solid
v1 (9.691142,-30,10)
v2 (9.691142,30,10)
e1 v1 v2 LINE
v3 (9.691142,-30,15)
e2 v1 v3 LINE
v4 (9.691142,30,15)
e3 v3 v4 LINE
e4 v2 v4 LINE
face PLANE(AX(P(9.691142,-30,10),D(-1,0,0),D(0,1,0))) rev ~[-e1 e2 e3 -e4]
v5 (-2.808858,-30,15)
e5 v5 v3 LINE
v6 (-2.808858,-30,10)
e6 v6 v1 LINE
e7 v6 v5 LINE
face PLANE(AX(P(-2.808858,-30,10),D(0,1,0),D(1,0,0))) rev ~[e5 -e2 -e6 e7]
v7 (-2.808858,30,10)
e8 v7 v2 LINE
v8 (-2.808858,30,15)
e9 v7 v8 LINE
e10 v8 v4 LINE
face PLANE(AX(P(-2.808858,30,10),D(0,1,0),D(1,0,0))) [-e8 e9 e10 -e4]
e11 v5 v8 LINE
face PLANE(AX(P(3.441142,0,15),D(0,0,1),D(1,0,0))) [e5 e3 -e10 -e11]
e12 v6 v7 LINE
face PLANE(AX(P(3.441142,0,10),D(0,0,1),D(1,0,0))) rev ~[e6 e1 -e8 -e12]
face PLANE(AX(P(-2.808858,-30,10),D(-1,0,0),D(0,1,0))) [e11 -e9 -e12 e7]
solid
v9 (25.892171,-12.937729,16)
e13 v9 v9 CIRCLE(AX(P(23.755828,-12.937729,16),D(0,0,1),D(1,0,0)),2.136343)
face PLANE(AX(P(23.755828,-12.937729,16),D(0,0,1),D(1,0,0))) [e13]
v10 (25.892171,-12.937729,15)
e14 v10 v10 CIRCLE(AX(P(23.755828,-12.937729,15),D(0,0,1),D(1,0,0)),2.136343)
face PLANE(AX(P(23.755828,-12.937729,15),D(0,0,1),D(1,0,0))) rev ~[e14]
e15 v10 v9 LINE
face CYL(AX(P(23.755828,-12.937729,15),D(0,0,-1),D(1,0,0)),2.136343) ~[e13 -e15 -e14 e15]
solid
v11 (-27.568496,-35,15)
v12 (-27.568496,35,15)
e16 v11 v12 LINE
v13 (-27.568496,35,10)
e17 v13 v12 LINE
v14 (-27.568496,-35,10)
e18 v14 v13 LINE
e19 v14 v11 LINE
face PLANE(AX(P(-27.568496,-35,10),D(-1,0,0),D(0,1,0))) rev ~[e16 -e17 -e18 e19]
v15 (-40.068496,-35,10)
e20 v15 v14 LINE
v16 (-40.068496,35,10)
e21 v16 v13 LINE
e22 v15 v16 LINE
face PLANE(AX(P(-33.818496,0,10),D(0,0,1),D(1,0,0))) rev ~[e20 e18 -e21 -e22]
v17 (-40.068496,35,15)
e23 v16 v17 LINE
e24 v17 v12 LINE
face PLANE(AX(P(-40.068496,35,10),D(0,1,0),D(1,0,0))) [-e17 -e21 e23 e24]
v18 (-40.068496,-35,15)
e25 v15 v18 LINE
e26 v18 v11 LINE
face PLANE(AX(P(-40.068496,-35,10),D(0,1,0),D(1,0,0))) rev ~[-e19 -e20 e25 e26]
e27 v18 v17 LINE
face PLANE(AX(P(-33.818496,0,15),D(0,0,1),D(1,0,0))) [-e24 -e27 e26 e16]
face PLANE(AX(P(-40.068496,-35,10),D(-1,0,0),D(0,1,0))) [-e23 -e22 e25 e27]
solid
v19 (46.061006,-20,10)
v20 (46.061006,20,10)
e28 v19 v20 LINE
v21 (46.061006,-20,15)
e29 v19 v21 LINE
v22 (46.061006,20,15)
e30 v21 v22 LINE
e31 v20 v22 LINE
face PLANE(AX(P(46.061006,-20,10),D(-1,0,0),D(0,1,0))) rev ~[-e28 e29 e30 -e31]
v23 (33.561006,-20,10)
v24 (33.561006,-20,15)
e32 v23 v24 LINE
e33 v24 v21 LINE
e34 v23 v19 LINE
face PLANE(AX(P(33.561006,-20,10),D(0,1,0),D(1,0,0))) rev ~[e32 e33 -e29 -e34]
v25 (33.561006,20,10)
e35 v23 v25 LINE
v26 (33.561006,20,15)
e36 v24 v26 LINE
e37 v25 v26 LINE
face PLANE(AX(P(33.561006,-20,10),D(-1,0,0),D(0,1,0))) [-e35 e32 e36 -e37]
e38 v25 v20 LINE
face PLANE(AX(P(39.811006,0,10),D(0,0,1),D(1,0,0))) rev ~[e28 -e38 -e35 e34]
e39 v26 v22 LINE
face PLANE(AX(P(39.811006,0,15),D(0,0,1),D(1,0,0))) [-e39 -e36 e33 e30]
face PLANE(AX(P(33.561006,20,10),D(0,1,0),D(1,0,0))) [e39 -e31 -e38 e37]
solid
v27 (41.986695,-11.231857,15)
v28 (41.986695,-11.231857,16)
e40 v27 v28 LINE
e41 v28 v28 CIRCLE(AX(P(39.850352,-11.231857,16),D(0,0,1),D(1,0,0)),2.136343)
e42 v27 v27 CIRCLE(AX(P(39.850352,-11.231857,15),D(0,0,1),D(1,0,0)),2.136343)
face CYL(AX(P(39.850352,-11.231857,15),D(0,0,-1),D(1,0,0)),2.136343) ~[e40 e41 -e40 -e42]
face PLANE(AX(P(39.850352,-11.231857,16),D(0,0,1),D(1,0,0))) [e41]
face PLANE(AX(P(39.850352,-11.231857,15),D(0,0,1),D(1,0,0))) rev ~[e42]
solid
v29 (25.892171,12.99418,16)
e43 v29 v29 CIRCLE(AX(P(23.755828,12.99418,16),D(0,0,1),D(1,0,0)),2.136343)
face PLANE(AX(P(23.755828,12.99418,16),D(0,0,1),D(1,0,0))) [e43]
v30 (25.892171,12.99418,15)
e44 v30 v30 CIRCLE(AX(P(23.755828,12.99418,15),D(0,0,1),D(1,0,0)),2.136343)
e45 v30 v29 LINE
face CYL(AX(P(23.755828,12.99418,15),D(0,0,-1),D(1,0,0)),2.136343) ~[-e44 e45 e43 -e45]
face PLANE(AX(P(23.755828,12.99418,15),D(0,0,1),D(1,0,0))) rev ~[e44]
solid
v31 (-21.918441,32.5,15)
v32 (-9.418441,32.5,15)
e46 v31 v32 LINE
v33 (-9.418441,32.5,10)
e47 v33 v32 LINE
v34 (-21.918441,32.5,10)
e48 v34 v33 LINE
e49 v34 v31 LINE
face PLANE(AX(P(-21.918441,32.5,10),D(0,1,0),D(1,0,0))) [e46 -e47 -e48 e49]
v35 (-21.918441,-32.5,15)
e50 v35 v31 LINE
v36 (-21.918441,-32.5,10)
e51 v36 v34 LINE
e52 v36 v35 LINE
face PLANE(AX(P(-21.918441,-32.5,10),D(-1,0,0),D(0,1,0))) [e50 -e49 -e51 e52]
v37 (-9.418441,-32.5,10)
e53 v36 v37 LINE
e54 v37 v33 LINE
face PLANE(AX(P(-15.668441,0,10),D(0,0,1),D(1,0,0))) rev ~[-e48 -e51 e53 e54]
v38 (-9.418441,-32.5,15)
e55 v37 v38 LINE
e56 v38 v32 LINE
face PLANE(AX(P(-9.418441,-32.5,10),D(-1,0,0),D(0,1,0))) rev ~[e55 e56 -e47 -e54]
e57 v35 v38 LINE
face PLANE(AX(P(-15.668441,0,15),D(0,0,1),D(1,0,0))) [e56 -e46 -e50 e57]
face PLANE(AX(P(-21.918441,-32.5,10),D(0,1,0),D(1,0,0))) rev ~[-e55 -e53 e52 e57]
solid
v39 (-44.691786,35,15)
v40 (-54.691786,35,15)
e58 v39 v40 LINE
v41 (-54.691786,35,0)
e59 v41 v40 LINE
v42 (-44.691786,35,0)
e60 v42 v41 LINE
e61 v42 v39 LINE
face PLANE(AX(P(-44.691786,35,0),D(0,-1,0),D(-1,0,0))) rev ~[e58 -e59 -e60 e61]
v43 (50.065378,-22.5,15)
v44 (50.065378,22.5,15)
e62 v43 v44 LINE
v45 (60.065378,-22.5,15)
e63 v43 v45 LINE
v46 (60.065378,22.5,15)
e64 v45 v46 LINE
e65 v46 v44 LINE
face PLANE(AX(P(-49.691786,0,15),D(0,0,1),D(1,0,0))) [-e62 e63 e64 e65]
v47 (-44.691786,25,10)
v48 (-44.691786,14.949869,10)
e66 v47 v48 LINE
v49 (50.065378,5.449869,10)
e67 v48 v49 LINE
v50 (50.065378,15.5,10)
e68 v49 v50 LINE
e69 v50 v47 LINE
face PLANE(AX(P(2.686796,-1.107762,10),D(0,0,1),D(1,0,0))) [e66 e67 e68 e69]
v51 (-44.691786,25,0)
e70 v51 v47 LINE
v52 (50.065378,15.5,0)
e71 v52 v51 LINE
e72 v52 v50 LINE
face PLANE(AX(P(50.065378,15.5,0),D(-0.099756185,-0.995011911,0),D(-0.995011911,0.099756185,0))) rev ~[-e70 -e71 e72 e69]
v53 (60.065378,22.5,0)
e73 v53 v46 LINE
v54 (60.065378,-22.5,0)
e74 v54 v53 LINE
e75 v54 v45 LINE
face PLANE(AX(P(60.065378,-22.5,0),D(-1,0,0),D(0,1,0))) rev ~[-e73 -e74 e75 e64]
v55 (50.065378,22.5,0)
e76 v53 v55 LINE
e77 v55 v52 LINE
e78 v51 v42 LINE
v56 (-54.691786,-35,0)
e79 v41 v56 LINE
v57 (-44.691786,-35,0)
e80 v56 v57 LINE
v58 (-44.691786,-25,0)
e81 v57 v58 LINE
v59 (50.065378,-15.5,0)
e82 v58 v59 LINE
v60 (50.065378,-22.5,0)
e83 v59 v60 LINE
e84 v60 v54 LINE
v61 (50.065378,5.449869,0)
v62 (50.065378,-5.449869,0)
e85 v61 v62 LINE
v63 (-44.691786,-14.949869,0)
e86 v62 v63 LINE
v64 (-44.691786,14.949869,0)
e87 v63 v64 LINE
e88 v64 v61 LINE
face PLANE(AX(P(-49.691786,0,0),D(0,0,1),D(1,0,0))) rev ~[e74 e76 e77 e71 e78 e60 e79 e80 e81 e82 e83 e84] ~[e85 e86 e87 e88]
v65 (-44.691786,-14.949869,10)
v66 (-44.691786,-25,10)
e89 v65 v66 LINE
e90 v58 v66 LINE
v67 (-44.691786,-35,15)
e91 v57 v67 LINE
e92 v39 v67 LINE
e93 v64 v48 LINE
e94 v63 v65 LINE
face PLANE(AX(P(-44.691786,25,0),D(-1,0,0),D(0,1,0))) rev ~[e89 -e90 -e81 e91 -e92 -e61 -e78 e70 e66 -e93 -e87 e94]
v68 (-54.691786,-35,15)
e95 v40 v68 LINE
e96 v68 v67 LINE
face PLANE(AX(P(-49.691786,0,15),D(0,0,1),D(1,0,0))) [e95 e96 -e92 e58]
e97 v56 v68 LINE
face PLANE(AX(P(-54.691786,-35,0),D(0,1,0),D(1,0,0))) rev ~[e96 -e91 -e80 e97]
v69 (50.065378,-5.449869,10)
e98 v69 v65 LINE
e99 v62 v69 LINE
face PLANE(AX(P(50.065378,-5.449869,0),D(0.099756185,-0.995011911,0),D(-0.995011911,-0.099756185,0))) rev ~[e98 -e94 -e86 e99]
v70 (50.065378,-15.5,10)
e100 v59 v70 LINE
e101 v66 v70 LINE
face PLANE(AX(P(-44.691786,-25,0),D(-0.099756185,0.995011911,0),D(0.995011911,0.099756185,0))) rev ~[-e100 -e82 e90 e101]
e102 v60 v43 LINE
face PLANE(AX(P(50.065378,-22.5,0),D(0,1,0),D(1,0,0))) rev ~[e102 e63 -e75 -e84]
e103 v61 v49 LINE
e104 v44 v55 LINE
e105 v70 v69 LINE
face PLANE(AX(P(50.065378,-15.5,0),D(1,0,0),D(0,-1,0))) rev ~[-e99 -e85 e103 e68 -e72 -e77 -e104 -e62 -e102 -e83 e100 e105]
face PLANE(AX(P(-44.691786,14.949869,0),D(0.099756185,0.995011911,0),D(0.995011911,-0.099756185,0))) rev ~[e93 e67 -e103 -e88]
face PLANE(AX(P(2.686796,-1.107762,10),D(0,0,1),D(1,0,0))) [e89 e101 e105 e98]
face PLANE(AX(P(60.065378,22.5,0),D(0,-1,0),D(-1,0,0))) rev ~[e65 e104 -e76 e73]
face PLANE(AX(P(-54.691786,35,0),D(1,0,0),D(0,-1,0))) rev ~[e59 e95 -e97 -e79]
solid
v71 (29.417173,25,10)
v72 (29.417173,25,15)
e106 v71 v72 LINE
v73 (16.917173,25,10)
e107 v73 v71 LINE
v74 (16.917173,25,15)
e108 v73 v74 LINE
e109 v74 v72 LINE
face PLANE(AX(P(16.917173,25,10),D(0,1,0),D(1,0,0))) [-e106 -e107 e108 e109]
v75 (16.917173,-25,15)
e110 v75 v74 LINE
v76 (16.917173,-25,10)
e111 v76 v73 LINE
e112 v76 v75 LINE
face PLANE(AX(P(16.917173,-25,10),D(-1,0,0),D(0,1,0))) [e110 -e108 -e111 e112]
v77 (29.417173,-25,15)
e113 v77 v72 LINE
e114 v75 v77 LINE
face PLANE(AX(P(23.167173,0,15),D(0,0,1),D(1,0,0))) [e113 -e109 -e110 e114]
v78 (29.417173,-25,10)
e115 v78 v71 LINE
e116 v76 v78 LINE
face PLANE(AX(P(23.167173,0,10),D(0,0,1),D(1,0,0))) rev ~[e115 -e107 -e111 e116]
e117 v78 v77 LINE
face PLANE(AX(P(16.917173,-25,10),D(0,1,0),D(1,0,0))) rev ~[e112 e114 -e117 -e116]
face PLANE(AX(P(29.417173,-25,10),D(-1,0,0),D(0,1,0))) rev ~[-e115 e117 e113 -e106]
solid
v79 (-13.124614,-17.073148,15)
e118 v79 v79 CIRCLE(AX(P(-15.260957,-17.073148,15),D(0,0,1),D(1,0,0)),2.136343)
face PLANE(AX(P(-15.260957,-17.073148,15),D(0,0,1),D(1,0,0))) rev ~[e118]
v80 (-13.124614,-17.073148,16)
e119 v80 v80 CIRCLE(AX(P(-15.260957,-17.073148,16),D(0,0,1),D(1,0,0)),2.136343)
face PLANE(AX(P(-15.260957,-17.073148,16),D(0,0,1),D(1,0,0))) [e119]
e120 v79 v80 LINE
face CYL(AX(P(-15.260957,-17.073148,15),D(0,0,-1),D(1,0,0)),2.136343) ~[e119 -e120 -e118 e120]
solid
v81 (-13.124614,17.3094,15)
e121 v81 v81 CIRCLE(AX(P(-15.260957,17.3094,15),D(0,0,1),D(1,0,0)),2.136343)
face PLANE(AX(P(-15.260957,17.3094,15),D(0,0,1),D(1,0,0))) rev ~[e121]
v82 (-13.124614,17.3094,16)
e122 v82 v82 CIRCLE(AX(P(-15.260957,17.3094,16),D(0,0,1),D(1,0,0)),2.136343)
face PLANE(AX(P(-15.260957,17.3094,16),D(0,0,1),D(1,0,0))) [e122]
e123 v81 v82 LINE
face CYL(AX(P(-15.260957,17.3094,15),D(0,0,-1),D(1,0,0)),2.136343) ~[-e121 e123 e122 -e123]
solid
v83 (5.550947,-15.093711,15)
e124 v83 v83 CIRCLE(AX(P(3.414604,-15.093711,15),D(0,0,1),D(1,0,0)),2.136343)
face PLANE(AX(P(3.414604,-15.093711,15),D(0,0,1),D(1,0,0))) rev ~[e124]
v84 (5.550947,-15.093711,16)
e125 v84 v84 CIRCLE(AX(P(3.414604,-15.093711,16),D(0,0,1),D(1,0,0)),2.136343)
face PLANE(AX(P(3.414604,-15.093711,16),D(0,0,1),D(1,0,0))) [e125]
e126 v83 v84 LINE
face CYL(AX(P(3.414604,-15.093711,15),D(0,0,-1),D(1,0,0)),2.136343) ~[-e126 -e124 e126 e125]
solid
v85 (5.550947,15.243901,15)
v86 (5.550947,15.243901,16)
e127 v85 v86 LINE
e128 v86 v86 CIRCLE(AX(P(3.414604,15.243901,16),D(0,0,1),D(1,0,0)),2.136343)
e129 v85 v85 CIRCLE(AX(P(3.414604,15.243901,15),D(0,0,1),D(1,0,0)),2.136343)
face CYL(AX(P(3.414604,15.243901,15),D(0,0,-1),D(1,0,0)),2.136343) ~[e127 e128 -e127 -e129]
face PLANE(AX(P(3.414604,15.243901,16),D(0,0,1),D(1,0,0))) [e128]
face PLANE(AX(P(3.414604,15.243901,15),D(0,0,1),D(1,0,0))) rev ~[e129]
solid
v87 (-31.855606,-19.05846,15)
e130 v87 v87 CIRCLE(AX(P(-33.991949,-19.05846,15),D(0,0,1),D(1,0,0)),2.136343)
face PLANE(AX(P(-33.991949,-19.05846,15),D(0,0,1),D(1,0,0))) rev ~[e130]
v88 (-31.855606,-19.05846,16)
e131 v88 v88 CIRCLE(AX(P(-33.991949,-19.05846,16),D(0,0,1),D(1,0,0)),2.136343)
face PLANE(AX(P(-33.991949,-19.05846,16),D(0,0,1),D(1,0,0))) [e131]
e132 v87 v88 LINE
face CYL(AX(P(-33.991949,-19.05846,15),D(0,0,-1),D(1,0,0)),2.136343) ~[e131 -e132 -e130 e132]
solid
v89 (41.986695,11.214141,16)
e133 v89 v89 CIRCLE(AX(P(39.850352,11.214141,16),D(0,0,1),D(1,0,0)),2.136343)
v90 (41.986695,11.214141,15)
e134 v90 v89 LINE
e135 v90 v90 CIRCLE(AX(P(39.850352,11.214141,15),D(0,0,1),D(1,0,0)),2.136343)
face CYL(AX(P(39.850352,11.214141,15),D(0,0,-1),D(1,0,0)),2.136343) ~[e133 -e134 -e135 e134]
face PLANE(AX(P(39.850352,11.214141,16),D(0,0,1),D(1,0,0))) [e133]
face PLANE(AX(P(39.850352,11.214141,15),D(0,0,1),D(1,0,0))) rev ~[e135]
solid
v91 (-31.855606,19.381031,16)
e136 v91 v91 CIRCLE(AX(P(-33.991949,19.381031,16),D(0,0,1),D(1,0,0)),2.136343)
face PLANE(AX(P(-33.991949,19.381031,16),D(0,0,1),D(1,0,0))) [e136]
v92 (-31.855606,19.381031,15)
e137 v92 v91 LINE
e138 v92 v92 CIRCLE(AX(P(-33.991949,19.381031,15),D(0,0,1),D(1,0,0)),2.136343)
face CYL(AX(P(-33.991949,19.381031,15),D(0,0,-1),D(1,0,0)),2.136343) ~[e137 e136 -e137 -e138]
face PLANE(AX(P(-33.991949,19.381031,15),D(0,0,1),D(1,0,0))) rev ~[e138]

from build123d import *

# Parameters (mm, degrees)
F1_DEPTH = 15
F2_W     = 94.757164
F2_H     = 62.215524
F3_DEPTH = 5
F4_W     = 12.5
F4_H     = 70
F4_H_2   = 65
F4_H_3   = 50
F4_H_4   = 40
F4_H_5   = 60
F5_DEPTH = 5
F6_R     = 2.136343
F7_DEPTH = 1


with BuildPart() as f1:
    # F0 (on Top) → F1 (new body)
    with BuildSketch(Plane.XY):
        Polygon((-44.691786, 35), (-54.691786, 35), (-54.691786, -35), (-44.691786, -35), (-44.691786, -25), (-44.691786, -14.949869), (-44.691786, 14.949869), (-44.691786, 25), align=None)
        Polygon((50.065378, 15.5), (-44.691786, 25), (-44.691786, 14.949869), (50.065378, 5.449869), align=None)
        Polygon((50.065378, 22.5), (50.065378, 15.5), (50.065378, 5.449869), (50.065378, -5.449869), (50.065378, -15.5), (50.065378, -22.5), (60.065378, -22.5), (60.065378, 22.5), align=None)
        Polygon((-44.691786, -14.949869), (-44.691786, -25), (50.065378, -15.5), (50.065378, -5.449869), align=None)
    extrude(amount=F1_DEPTH)

    # F2 (on face) → F3 (cut)
    with BuildSketch(Plane.XY.offset(15)):
        with Locations((2.686796, -1.107762)):
            Rectangle(F2_W, F2_H)
        Polygon((50.065378, 30), (-44.691786, 30), (-44.691786, 25), (50.065378, 15.5), align=None)
        Polygon((50.065378, 15.5), (-44.691786, 25), (-44.691786, 14.949869), (50.065378, 5.449869), align=None)
        Polygon((50.065378, -5.449869), (-44.691786, -14.949869), (-44.691786, -32.215524), (50.065378, -32.215524), align=None)
    extrude(amount=-F3_DEPTH, mode=Mode.SUBTRACT)


with BuildPart() as f5:
    # F4 (on face) → F5 (new body)
    with BuildSketch(Plane.XY.offset(10)):
        with Locations((-33.818496, 0)):
            Rectangle(F4_W, F4_H)
        with Locations((-15.668441, 0)):
            Rectangle(F4_W, F4_H_2)
        with Locations((23.167173, 0)):
            Rectangle(F4_W, F4_H_3)
        with Locations((39.811006, 0)):
            Rectangle(F4_W, F4_H_4)
        with Locations((3.441142, 0)):
            Rectangle(F4_W, F4_H_5)
    extrude(amount=F5_DEPTH)


with BuildPart() as f7:
    # F6 (on face) → F7 (new body)
    with BuildSketch(Plane.XY.offset(15)):
        with Locations((-33.991949, 19.381031)):
            Circle(F6_R)
        with Locations((-15.260957, 17.3094)):
            Circle(F6_R)
        with Locations((23.755828, 12.99418)):
            Circle(F6_R)
        with Locations((39.850352, 11.214141)):
            Circle(F6_R)
        with Locations((3.414604, 15.243901)):
            Circle(F6_R)
        with Locations((-33.991949, -19.05846)):
            Circle(F6_R)
        with Locations((-15.260957, -17.073148)):
            Circle(F6_R)
        with Locations((3.414604, -15.093711)):
            Circle(F6_R)
        with Locations((23.755828, -12.937729)):
            Circle(F6_R)
        with Locations((39.850352, -11.231857)):
            Circle(F6_R)
    extrude(amount=F7_DEPTH)


solid = Compound([f1.part, f5.part, f7.part])
